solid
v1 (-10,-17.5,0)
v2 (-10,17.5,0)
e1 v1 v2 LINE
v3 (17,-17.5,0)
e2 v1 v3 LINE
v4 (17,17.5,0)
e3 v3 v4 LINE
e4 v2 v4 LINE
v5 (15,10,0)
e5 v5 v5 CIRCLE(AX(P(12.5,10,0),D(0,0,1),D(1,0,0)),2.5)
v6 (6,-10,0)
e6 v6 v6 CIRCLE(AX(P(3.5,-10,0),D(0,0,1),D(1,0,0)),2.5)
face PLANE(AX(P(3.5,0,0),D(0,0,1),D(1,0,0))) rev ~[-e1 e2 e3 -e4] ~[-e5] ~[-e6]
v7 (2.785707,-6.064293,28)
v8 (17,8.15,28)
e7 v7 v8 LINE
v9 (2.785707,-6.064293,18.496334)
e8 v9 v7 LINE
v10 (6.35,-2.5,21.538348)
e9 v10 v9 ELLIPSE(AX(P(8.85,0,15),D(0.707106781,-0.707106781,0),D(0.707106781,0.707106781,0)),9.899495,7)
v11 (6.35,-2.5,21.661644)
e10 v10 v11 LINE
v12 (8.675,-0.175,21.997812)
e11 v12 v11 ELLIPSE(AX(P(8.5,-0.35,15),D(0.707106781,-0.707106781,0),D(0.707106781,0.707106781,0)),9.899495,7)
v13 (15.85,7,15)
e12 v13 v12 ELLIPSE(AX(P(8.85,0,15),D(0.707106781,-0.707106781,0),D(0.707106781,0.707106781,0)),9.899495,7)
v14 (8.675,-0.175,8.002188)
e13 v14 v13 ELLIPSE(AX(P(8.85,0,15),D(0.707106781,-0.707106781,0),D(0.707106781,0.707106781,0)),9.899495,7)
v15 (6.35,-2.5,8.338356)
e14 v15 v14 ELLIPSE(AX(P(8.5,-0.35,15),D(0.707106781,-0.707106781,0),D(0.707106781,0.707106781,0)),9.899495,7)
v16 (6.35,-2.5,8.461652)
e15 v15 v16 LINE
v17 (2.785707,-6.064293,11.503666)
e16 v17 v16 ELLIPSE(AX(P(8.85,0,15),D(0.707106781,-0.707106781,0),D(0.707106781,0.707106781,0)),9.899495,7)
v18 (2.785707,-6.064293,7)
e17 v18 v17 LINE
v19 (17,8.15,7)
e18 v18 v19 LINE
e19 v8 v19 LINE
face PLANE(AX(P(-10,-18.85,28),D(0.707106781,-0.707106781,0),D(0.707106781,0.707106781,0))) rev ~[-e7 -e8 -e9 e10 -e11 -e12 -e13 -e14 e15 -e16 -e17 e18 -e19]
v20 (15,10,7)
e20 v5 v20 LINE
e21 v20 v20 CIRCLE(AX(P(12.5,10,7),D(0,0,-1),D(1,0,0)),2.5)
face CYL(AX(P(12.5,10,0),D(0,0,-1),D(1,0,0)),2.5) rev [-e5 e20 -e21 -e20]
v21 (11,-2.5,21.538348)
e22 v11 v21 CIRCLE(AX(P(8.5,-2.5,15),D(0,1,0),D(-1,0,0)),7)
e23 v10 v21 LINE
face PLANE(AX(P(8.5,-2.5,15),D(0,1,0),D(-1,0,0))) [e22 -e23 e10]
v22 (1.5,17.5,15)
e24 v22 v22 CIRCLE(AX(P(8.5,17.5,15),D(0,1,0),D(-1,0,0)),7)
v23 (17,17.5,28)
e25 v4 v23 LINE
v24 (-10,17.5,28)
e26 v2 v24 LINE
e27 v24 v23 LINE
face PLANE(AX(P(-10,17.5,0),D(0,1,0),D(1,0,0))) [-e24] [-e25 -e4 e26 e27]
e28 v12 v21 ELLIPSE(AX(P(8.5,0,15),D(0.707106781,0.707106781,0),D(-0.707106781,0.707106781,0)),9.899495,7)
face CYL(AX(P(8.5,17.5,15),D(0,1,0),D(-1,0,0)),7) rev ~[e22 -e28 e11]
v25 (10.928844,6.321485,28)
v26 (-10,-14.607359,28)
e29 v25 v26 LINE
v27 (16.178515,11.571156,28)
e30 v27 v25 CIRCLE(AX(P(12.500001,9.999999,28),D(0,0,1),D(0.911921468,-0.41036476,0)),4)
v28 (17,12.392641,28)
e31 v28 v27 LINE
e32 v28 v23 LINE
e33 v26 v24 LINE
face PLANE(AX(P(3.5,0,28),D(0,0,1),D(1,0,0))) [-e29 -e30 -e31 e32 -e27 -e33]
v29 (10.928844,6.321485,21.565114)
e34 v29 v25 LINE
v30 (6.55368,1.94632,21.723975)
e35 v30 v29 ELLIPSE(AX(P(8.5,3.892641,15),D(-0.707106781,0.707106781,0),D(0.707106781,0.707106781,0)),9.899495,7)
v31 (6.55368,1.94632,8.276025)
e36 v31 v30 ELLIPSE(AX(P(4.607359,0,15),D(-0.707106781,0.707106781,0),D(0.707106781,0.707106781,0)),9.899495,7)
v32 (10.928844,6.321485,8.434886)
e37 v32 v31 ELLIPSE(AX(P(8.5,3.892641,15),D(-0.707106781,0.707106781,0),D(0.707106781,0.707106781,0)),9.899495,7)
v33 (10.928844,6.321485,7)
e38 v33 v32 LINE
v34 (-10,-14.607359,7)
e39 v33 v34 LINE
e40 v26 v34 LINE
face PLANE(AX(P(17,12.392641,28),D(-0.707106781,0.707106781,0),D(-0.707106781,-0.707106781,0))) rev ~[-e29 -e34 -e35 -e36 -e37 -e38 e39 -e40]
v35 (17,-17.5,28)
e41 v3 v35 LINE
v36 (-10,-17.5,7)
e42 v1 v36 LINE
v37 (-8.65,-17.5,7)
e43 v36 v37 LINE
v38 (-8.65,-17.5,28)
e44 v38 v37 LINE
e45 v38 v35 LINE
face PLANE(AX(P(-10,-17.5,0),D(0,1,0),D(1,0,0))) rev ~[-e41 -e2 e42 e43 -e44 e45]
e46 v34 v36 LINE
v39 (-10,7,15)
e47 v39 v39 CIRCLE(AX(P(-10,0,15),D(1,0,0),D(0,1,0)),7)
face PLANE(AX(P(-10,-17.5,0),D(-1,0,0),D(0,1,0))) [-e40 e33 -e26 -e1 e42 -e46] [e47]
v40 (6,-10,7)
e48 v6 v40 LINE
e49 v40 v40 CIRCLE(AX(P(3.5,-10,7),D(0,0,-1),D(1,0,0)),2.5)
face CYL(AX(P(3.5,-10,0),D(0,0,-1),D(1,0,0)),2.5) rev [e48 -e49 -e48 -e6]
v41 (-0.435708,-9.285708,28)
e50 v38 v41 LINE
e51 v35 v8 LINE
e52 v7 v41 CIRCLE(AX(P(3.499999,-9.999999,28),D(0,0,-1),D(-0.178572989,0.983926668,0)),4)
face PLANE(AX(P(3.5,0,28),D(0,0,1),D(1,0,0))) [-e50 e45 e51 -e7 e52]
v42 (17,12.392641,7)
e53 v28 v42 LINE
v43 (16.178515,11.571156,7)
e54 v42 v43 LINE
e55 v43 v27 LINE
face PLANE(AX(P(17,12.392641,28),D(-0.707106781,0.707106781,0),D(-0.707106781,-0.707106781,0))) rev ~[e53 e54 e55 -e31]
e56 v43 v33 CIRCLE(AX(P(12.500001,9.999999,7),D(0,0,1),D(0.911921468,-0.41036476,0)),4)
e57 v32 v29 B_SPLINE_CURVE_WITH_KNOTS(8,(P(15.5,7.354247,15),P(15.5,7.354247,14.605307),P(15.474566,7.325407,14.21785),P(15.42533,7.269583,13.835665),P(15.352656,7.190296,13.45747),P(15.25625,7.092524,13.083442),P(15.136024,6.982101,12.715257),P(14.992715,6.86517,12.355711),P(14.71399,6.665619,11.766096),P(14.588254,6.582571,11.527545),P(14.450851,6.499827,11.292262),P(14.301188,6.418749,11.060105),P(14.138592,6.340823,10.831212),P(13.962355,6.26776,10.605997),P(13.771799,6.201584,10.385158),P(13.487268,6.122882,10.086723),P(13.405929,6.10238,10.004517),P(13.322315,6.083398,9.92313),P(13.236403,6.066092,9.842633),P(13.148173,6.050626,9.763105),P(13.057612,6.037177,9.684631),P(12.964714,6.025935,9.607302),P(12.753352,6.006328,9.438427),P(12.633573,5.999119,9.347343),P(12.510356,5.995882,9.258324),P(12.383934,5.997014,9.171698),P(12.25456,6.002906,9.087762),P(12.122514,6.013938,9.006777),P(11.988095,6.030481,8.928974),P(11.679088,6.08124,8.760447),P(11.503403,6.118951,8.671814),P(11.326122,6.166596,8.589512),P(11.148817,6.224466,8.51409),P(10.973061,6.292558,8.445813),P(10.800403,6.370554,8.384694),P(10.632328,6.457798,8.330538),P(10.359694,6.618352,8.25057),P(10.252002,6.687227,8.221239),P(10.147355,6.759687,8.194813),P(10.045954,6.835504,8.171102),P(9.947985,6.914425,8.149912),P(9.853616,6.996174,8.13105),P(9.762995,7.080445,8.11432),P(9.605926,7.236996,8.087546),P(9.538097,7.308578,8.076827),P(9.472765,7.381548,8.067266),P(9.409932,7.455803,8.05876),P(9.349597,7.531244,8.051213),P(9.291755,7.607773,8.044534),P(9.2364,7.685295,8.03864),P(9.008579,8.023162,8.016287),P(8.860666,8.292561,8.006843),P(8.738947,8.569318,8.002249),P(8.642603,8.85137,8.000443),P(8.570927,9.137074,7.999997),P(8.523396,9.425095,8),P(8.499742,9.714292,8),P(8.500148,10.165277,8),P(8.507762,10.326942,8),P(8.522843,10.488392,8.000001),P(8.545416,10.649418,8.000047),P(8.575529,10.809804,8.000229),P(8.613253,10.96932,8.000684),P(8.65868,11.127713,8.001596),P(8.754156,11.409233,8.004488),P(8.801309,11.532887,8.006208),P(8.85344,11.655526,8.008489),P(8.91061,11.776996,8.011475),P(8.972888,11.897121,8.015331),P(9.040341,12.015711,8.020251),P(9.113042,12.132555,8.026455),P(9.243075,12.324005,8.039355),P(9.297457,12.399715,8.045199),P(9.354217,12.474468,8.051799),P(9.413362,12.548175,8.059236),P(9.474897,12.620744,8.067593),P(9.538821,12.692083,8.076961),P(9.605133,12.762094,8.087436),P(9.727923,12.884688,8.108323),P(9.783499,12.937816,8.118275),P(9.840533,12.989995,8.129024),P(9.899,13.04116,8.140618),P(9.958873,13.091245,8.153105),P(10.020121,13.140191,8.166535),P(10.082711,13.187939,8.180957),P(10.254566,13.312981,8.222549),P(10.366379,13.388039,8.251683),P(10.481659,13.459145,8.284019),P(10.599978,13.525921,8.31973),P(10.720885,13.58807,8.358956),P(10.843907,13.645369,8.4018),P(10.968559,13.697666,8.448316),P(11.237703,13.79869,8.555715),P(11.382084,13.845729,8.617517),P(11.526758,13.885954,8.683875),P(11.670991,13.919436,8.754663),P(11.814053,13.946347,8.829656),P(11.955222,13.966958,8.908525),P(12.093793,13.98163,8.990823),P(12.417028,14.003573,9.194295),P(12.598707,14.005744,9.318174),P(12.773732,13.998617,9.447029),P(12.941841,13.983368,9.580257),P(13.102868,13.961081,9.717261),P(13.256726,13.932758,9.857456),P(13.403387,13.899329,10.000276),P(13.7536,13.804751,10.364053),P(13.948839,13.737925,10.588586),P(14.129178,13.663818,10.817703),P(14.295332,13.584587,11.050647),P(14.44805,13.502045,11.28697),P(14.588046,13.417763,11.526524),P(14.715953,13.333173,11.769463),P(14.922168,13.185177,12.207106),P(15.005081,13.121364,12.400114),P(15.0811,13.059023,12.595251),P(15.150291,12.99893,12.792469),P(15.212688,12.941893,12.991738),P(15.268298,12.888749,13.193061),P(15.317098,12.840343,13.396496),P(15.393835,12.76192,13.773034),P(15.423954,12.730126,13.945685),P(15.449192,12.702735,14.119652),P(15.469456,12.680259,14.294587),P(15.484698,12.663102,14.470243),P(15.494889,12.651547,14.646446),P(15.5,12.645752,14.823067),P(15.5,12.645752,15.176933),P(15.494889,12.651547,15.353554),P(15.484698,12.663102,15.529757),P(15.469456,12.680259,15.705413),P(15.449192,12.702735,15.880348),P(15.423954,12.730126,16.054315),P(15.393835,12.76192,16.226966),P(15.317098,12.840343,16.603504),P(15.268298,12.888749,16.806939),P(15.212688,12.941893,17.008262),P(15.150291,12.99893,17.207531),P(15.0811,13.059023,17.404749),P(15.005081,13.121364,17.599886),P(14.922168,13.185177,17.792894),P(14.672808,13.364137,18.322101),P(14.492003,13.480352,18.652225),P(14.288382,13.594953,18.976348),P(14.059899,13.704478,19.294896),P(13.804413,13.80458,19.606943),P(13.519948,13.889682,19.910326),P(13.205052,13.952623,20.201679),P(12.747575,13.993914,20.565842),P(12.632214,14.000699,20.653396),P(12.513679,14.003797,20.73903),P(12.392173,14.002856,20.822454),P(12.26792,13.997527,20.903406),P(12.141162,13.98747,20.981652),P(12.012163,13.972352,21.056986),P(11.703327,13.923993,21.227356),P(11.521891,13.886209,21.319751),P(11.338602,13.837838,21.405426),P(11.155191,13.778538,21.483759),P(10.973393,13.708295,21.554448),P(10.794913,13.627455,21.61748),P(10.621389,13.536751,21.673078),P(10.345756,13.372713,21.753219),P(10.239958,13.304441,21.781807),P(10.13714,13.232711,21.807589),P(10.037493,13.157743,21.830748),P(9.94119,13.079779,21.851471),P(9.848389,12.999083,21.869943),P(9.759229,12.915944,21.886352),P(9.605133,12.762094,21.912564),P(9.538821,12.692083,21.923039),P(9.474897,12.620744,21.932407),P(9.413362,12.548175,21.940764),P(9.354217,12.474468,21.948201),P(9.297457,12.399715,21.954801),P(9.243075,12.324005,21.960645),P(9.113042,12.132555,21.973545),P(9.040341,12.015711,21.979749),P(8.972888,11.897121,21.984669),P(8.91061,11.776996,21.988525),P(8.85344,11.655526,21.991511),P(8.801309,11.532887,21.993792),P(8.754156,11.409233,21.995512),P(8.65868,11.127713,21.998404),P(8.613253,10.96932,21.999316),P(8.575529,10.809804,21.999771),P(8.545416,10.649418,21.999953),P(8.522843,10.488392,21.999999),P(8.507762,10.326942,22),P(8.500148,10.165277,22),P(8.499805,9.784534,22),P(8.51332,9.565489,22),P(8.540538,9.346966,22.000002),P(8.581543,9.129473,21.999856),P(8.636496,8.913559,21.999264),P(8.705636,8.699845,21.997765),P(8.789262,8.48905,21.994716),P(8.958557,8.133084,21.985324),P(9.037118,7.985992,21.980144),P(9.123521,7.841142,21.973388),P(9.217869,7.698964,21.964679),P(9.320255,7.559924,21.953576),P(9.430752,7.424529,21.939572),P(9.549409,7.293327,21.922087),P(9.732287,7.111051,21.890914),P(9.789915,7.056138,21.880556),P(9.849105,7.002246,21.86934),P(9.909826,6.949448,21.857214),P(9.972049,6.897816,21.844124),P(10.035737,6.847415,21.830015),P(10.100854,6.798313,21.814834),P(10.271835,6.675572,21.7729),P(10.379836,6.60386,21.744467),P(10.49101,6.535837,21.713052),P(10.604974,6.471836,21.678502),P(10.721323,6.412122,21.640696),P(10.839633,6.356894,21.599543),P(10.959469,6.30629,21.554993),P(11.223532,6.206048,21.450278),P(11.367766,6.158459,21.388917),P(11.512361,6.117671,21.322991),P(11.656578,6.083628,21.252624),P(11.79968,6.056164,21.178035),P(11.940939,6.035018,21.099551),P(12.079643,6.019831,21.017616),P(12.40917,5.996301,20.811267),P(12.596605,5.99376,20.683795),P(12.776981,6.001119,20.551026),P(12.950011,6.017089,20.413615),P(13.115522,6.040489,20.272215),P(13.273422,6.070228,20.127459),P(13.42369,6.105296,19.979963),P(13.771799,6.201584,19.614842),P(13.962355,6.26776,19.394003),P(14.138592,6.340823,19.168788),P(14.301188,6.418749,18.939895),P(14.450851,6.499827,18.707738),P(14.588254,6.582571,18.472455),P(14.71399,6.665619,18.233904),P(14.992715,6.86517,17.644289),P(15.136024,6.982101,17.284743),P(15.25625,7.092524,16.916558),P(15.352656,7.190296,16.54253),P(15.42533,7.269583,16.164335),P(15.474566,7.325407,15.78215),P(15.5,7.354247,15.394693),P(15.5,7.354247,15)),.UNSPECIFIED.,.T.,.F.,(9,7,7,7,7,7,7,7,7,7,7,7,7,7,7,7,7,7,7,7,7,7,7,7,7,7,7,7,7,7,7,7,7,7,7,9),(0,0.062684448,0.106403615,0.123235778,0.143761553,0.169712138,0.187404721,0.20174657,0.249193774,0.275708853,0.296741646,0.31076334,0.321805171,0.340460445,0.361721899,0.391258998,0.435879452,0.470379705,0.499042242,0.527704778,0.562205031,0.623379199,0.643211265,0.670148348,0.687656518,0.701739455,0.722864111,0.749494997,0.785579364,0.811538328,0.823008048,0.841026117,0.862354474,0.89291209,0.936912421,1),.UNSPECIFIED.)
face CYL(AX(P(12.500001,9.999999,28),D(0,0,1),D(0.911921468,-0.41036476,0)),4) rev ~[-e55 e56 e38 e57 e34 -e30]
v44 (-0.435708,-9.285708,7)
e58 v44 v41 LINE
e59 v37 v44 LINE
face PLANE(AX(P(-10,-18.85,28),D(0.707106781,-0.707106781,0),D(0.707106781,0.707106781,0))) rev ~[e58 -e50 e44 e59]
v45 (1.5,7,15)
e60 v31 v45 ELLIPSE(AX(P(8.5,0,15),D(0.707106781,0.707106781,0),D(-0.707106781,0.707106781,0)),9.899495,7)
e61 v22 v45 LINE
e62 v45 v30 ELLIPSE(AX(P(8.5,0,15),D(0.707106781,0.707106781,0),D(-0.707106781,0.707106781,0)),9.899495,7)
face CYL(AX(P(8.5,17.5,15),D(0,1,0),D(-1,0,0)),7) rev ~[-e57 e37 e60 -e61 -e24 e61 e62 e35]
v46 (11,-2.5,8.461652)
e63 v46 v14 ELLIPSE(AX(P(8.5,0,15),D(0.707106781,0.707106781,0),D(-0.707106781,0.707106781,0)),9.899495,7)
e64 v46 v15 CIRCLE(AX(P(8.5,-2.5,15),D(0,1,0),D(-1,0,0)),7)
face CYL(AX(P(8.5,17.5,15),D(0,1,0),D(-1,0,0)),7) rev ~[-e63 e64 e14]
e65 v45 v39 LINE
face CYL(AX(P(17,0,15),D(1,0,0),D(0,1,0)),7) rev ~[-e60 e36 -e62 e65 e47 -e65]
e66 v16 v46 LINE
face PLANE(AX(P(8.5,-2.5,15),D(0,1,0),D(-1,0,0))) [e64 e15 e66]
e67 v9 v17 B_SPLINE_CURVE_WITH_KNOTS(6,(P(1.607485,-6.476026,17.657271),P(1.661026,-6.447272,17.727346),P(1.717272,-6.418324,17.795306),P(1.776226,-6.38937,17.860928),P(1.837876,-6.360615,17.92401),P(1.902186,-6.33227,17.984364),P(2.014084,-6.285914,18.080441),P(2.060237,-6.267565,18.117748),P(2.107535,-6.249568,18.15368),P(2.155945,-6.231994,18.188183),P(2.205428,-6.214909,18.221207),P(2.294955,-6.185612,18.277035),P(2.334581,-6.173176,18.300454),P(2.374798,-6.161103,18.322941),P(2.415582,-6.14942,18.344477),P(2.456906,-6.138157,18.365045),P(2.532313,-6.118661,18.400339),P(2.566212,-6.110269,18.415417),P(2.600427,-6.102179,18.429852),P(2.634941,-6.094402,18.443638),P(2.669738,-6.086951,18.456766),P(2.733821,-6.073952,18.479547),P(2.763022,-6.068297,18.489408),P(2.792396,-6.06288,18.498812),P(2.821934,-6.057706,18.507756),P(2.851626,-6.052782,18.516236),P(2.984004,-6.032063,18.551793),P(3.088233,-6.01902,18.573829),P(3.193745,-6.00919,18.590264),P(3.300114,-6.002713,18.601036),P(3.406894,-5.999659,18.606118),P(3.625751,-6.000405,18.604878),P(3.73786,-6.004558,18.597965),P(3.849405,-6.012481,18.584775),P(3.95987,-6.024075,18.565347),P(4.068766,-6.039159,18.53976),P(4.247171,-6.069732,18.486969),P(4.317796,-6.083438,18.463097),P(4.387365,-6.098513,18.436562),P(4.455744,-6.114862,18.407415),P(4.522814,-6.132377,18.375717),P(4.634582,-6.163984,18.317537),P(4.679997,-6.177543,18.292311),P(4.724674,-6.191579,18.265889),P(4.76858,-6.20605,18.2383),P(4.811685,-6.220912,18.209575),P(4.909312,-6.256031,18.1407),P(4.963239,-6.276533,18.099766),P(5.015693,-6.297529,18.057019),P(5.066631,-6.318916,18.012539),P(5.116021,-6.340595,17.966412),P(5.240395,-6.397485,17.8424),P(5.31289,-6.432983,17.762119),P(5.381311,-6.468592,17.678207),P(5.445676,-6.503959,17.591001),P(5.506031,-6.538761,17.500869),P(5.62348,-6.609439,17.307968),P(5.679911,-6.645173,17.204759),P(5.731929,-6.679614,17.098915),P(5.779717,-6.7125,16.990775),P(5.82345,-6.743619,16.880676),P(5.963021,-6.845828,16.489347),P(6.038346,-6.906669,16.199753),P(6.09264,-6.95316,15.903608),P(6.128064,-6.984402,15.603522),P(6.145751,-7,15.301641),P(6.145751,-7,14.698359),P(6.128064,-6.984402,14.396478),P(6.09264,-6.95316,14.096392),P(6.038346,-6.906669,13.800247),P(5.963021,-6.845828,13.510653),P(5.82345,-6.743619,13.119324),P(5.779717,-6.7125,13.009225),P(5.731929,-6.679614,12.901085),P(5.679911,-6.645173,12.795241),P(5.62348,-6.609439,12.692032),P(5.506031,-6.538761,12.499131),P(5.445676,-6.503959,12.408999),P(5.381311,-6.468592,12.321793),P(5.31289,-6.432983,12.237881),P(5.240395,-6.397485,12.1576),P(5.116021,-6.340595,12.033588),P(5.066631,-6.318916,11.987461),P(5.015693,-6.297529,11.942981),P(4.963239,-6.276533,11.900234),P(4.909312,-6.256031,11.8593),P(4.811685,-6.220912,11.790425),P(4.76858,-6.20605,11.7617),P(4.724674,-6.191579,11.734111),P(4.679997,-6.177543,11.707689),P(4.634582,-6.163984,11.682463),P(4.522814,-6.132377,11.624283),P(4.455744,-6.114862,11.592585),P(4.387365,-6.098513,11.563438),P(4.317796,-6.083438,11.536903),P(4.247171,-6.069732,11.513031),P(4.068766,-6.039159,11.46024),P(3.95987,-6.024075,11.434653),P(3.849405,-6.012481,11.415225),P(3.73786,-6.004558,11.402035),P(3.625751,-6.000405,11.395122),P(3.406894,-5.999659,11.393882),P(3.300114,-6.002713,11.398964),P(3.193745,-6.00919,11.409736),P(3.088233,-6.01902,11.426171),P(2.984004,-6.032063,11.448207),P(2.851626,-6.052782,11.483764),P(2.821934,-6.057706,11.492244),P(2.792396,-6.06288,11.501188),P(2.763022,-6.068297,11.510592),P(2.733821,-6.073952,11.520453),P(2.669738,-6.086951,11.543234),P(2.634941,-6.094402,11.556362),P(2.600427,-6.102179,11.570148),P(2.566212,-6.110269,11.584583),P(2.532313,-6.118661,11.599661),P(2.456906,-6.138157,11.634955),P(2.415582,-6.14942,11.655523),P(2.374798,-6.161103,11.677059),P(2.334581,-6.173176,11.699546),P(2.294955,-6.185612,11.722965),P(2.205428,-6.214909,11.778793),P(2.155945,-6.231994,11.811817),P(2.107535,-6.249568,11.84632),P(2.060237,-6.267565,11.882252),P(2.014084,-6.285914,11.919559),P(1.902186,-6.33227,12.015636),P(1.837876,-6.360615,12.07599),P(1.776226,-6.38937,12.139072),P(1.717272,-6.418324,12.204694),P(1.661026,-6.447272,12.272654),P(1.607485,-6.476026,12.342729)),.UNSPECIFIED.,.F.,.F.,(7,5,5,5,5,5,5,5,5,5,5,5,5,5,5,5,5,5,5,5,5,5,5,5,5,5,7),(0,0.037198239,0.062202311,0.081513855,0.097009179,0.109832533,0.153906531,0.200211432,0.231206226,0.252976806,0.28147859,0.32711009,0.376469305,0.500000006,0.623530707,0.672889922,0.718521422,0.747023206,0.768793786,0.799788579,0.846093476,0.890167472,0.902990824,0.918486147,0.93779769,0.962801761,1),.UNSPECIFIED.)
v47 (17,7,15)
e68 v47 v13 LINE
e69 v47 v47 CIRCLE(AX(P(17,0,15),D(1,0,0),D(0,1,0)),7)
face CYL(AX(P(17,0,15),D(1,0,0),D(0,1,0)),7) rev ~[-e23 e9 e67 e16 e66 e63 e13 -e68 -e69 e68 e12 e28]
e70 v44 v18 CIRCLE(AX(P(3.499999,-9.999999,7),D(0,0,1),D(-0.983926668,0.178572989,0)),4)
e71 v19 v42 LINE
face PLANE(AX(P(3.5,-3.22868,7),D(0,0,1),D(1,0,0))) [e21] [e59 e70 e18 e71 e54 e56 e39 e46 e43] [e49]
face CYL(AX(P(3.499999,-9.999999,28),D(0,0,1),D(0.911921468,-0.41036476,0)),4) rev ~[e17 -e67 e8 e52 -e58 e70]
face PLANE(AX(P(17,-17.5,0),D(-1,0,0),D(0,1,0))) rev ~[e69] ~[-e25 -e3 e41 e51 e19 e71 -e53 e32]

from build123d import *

# Parameters (mm, degrees)
SKETCH_W        = 27
SKETCH_H        = 35
SKETCH_R        = 2.5
PAD_DEPTH       = 28
POCKET_DEPTH    = 21
SKETCH002_R     = 7
POCKET001_DEPTH = 20
SKETCH003_R     = 7
POCKET002_DEPTH = 27.001
SKETCH004_R     = 4
POCKET003_DEPTH = 21


with BuildPart() as part:
    # Sketch → Pad (new body)
    with BuildSketch(Plane.XY):
        with Locations((3.5, 0)):
            Rectangle(SKETCH_W, SKETCH_H)
        with Locations((3.5, -10)):
            Circle(SKETCH_R, mode=Mode.SUBTRACT)
        with Locations((12.5, 10)):
            Circle(SKETCH_R, mode=Mode.SUBTRACT)
    extrude(amount=PAD_DEPTH)

    # Sketch001 (on Face1 of CopyCut001) → Pocket (cut)
    with BuildSketch(Plane.XY.offset(28)):
        Polygon((17, 12.392641), (-10, -14.607359), (-10, -18.85), (17, 8.15), align=None)
    extrude(amount=-POCKET_DEPTH, mode=Mode.SUBTRACT)

    # Sketch002 (on Face1 of Pocket) → Pocket001 (cut)
    with BuildSketch(Plane(origin=(0, 17.5, 0), x_dir=(-1, 0, 0), z_dir=(0, 1, 0))):
        with Locations((-8.5, 15)):
            Circle(SKETCH002_R)
    extrude(amount=-POCKET001_DEPTH, mode=Mode.SUBTRACT)

    # Sketch003 (on Face5 of Pocket001) → Pocket002 (cut, through all)
    with BuildSketch(Plane.YZ.offset(17)):
        with Locations((0, 15)):
            Circle(SKETCH003_R)
    extrude(amount=-POCKET002_DEPTH, mode=Mode.SUBTRACT)

    # Sketch004 (on Sketch) → Pocket003 (cut)
    with BuildSketch(Plane(origin=(8, 0, 28), x_dir=(0.911922, -0.410365, 0), z_dir=(0, 0, 1))):
        with Locations((0, 10.965856)):
            Circle(SKETCH004_R)
        with Locations((0, -10.965856)):
            Circle(SKETCH004_R)
    extrude(amount=-POCKET003_DEPTH, mode=Mode.SUBTRACT)


solid = part.part
